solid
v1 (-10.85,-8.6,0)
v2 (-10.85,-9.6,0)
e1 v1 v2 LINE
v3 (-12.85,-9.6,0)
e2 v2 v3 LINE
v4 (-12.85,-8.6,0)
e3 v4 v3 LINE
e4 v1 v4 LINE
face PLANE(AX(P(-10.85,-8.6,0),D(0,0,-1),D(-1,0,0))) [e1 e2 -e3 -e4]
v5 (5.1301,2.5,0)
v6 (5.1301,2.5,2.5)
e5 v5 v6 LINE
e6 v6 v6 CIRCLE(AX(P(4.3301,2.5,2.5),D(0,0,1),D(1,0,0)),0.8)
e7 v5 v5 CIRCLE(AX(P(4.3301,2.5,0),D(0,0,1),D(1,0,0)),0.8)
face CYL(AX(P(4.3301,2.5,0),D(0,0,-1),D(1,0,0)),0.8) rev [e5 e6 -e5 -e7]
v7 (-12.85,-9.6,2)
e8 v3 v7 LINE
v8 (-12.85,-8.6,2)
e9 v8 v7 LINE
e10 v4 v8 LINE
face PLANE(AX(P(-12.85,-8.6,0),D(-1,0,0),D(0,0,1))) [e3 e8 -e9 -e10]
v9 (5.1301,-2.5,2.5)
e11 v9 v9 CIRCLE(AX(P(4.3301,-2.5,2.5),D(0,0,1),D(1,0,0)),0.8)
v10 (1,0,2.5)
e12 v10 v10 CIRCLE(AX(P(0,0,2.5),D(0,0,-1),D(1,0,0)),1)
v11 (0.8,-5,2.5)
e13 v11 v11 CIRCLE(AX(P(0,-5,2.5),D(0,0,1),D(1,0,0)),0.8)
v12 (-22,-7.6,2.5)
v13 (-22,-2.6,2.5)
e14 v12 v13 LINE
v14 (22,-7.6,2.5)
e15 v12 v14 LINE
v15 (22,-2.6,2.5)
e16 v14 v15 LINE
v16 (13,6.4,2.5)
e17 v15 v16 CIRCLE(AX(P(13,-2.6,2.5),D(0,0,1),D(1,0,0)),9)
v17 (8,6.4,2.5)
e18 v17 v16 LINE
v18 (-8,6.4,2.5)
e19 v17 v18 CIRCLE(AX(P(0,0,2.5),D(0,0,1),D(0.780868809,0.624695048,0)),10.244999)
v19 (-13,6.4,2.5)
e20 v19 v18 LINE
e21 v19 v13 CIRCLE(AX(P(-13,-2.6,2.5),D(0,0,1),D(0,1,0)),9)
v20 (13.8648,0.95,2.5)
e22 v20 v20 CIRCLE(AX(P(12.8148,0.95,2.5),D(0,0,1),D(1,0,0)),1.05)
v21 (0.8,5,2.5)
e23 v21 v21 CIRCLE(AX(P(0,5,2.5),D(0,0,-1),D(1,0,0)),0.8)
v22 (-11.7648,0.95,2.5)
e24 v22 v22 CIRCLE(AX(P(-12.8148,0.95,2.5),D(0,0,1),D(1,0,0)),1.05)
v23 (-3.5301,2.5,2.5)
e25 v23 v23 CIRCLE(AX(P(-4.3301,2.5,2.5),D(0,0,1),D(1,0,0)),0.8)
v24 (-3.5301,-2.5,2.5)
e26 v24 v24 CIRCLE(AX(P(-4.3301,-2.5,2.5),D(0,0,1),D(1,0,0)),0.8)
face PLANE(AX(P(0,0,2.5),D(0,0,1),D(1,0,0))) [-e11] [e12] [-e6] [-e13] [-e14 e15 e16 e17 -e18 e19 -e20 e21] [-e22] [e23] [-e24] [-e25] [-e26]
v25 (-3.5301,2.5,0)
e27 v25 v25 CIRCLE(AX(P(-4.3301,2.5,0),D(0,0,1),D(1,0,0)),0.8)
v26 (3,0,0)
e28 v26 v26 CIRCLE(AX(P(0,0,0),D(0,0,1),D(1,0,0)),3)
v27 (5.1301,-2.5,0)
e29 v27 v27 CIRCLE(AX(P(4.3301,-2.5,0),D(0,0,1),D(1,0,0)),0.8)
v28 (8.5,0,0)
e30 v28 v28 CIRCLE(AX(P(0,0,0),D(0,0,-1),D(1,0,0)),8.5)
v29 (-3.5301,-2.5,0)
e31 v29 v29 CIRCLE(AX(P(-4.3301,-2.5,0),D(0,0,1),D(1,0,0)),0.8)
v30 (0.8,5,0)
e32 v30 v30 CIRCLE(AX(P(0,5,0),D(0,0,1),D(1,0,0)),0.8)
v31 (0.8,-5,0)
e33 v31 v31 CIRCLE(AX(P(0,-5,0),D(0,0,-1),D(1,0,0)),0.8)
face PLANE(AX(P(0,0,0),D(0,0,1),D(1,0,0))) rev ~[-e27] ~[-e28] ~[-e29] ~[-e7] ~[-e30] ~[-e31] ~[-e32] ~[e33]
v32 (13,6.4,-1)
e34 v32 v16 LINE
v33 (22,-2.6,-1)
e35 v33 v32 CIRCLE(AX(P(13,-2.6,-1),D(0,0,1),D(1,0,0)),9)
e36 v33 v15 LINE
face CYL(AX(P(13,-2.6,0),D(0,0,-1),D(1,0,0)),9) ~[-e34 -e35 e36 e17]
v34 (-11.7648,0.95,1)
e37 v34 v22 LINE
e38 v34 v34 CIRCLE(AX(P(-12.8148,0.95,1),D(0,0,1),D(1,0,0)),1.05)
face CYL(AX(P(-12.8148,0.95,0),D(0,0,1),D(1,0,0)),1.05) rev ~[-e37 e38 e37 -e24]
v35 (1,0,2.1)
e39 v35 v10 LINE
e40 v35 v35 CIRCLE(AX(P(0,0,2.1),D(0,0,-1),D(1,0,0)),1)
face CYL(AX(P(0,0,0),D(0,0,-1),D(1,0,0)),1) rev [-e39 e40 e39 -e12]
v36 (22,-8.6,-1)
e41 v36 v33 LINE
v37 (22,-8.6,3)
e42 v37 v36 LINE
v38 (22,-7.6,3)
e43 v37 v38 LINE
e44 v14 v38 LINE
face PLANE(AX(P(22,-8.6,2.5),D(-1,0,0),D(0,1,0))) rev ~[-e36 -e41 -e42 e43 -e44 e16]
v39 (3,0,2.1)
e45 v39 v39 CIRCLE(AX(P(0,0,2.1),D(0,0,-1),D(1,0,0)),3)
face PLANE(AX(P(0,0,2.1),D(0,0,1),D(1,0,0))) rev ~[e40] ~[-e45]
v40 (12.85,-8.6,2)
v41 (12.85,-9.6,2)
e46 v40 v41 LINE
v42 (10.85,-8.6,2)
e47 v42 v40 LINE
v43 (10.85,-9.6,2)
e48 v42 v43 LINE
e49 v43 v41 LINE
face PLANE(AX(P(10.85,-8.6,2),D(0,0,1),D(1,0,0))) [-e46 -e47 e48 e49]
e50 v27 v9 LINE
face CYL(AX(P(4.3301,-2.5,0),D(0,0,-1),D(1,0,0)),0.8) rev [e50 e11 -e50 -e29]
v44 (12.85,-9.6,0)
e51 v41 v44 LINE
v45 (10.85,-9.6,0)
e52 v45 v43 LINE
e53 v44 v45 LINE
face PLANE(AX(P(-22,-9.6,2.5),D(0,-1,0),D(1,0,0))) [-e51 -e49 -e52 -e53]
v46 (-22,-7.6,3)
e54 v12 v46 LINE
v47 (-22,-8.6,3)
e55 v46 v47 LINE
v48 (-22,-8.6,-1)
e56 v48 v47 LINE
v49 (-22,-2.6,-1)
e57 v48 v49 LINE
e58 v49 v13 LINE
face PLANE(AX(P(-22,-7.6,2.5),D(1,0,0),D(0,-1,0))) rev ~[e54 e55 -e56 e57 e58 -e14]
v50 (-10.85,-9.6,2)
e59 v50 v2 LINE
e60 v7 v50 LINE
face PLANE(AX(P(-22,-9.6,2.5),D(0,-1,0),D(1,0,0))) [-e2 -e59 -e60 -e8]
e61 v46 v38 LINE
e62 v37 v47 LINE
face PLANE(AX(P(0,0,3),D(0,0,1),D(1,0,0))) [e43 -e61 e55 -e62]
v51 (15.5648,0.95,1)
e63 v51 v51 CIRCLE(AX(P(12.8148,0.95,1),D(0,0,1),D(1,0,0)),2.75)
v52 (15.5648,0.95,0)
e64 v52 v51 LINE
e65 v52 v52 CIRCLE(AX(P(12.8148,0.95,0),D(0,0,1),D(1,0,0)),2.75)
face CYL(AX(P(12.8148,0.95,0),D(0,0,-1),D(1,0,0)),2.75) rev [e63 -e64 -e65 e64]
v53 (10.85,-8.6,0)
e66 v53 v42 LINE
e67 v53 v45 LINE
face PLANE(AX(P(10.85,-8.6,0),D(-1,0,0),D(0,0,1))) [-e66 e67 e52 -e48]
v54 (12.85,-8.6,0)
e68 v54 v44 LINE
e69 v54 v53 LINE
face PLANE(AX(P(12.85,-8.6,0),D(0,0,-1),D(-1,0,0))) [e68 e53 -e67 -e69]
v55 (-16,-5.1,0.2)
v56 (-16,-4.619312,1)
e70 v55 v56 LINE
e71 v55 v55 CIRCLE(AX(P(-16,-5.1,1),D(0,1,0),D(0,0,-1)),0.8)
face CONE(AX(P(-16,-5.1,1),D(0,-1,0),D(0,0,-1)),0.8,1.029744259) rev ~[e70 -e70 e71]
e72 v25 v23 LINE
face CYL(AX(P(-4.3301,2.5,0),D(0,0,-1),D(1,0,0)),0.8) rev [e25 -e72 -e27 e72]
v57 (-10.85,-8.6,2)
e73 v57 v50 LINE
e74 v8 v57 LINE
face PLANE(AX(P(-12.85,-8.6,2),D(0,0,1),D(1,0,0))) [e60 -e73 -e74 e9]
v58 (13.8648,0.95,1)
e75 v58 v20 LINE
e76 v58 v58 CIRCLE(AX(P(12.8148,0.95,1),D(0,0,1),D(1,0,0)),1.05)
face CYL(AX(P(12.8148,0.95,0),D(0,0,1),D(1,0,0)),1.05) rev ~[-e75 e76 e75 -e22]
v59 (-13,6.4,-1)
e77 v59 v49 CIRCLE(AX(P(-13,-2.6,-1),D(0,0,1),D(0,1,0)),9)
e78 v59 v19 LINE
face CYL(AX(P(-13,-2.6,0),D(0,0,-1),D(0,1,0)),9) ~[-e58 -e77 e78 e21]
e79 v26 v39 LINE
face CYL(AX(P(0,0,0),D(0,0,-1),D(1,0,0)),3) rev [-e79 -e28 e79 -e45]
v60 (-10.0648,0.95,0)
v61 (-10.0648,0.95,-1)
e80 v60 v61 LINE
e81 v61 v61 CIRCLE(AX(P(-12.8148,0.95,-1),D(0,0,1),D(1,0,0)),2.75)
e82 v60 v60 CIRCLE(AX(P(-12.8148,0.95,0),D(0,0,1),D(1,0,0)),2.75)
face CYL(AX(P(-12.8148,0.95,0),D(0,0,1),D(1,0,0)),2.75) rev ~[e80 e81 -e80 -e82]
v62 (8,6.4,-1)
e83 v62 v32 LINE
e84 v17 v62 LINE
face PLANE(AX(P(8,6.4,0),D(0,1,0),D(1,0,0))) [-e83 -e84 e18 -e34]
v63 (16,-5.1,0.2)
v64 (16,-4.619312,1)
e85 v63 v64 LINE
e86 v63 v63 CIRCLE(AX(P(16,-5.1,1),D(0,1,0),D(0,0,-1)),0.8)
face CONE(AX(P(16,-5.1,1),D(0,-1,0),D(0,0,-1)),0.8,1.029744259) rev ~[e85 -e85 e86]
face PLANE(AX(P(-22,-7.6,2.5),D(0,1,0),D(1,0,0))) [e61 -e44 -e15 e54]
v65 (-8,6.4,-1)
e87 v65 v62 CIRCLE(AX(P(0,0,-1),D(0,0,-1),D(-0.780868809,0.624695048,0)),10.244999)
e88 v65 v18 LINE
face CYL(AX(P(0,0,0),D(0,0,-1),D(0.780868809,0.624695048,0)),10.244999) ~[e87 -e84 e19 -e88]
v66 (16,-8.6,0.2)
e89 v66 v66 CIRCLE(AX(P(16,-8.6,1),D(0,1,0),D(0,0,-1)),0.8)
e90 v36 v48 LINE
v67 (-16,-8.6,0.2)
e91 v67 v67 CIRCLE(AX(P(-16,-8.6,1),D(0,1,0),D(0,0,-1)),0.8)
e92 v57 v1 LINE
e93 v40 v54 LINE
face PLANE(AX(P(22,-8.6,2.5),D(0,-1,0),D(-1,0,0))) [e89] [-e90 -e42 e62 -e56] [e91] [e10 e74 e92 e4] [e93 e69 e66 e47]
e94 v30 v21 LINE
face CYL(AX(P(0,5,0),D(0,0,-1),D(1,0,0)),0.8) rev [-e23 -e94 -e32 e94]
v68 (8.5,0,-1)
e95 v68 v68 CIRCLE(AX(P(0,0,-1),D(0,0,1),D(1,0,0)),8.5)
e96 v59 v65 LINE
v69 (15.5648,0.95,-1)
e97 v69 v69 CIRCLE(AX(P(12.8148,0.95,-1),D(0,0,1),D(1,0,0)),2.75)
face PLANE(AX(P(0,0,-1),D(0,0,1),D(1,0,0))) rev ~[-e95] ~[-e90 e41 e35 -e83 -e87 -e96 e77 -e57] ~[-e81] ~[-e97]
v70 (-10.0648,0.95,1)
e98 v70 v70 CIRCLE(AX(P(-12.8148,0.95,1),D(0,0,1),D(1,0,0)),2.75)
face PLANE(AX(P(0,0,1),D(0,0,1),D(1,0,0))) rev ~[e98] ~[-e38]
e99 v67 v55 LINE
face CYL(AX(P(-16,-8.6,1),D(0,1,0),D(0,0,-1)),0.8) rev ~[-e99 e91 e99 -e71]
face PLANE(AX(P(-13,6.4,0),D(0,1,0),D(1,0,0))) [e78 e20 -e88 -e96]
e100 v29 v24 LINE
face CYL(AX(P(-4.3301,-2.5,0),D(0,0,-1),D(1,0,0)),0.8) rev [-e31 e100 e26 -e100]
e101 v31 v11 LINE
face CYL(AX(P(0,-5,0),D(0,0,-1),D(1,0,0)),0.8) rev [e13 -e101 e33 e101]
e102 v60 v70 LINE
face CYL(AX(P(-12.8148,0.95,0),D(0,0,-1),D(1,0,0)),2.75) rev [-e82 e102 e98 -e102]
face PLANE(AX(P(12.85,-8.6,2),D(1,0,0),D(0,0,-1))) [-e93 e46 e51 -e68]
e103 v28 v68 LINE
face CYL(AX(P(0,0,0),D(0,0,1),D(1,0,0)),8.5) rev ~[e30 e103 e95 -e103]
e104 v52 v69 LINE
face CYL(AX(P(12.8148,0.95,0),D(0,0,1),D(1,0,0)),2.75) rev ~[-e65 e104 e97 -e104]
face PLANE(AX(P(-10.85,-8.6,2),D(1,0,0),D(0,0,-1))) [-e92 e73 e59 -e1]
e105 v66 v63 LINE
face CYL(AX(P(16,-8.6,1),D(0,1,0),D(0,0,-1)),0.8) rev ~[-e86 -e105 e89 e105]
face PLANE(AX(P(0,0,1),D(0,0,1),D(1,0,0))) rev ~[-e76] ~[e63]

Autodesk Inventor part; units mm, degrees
ref_plane "YZ Plane" through (0, 0, 0) normal (1, 0, 0) x (0, 1, 0)
ref_plane "XZ Plane" through (0, 0, 0) normal (0, 1, 0) x (-1, 0, 0)
ref_plane "XY Plane" through (0, 0, 0) normal (0, 0, 1) x (1, 0, 0)
sketch "構築線" plane through (0, 0, 0) normal (0, 0, 1) x (1, 0, 0)
  circle A0 centre (0, 0) radius 8.5
  circle A1 centre (0, 0) radius 2.8 construction
  circle A2 centre (0, 0) radius 5 construction
  line L0 (0, -8.6) -> (-25, -8.6) construction
  line L1 (0, -11.6) -> (-25, -11.6) construction
  circle A3 centre (-12.8148, 0.95) radius 10.05 construction
  circle A4 centre (-12.8148, 0.95) radius 12.55 construction
  circle A5 centre (0, 5) radius 0.8
  circle A6 centre (-4.3301, 2.5) radius 0.8
  circle A7 centre (-4.3301, -2.5) radius 0.8
  circle A8 centre (0, -5) radius 0.8
  circle A9 centre (4.3301, -2.5) radius 0.8
  circle A10 centre (4.3301, 2.5) radius 0.8
  line L2 (25, -8.6) -> (0, -8.6) construction
  circle A11 centre (12.8148, 0.95) radius 10.05 construction
  circle A12 centre (12.8148, 0.95) radius 12.55 construction
  line L3 (0, -11.6) -> (25, -11.6) construction
  line L4 (-22, -8.6) -> (-22, -2.6)
  arc A13 (-13, 6.4) -> (-22, -2.6) centre (-13, -2.6) ccw
  line L5 (-13, 6.4) -> (-8, 6.4)
  line L6 (-22, -8.6) -> (0, -8.6)
  line L7 (0, 25) -> (0, -25)
  line L8 (0, -8.6) -> (22, -8.6)
  line L9 (22, -8.6) -> (22, -2.6)
  arc A14 (8, 6.4) -> (-8, 6.4) centre (0, 0) ccw
  line L10 (8, 6.4) -> (13, 6.4)
  arc A15 (22, -2.6) -> (13, 6.4) centre (13, -2.6) ccw
  circle A16 centre (0, 0) radius 3
  circle A17 centre (0, 0) radius 1
  circle A18 centre (12.8148, 0.95) radius 1.05
  circle A19 centre (-12.8148, 0.95) radius 1.05
  circle A20 centre (12.8148, 0.95) radius 2.75
  circle A21 centre (-12.8148, 0.95) radius 2.75
  dimension "d0" = 17
  dimension "d1" = 5.6
  dimension "d2" = 10
  dimension "d12" = 25
  dimension "d13" = 8.6
  dimension "d14" = 0
  dimension "d17" = 0
  dimension "d18" = 25
  dimension "d19" = 3
  dimension "d22" = 20.1
  dimension "d23" = 25.1
  dimension "d29" = 1.6
  dimension "d30" = 0
  dimension "d31" = 5
  dimension "d34" = 360
  dimension "d38" = 25
  dimension "d41" = 20.1
  dimension "d42" = 25.1
  dimension "d43" = 25
  dimension "d46" = 22
  dimension "d47" = 6
  dimension "d48" = 5
  dimension "d49" = 50
  dimension "d50" = 25
  dimension "d51" = 25
  dimension "d52" = 22
  dimension "d53" = 6
  dimension "d56" = 15
  dimension "d57" = 15
  dimension "d58" = 6
  dimension "d59" = 2
  dimension "d99" = 2.1
  dimension "d100" = 2.1
  dimension "d105" = 5.5
  dimension "d106" = 5.5
extrude "外形作成" add sketch "構築線" along normal blind 2.5 and the other way blind 1 contours A0 L7 A8 A16 A5 | A0 L7 A14 L10 A15 L9 L8 | L7 A5 A16 A8 A0 | A0 L7 L6 L4 A13 L5 A14 | A16 L7 A17 | L7 A17 A16 | A18 | A19 | A20 | A21
extrude "押し出し4" cut sketch "構築線" against normal blind 1 contours A0 L7 A8 A16 A5 | L7 A5 A16 A8 A0 | A16 L7 A17 | L7 A17 A16
sketch "固定具" plane through (-22, -8.6, 2.5) normal (0, -1, 0) x (1, 0, 0)
  circle A0 centre (6, -1.5) radius 1.05
  line L0 (0, 0) -> (0, -3.5) projected
  line L1 (0, 0) -> (44, 0) projected
  circle A1 centre (38, -1.5) radius 1.05
  line L2 (9.15, -0.5) -> (11.15, -0.5)
  line L3 (11.15, -0.5) -> (11.15, -2.5)
  line L4 (11.15, -2.5) -> (9.15, -2.5)
  line L5 (9.15, -2.5) -> (9.15, -0.5)
  line L6 (44, -3.5) -> (0, -3.5) projected
  line L7 (32.85, -0.5) -> (34.85, -0.5)
  line L8 (34.85, -0.5) -> (34.85, -2.5)
  line L9 (34.85, -2.5) -> (32.85, -2.5)
  line L10 (32.85, -2.5) -> (32.85, -0.5)
  point P0 (22, -2.5)
  dimension "d66" = 2.1
  dimension "d67" = 6
  dimension "d68" = 1.5
  dimension "d69" = 2.1
  dimension "d70" = 32
  dimension "d71" = 1.5
  dimension "d115" = 2
  dimension "d116" = 2
  dimension "d117" = 2.1
  dimension "d118" = 1
  dimension "d119" = 2
  dimension "d120" = 2
  dimension "d121" = 2.1
  dimension "d122" = 1
hole "穴1" at (16, -8.6, 1) direction (0, 1, 0) diameter 1.6 depth 3.5 tip angle 118
hole "穴2" at (-16, -8.6, 1) direction (0, 1, 0) diameter 1.6 depth 3.5 tip angle 118
extrude "押し出し5" cut sketch "構築線" along normal blind 2.1 contours A16 L7 A17 | L7 A17 A16
sketch "スケッチ6" plane through (0, 0, 2.5) normal (0, 0, 1) x (1, 0, 0)
  circle A0 centre (0, 0) radius 1 projected
  circle A1 centre (4.3301, 2.5) radius 0.8 projected
  circle A2 centre (4.3301, -2.5) radius 0.8 projected
  circle A3 centre (0, -5) radius 0.8 projected
  circle A4 centre (-4.3301, -2.5) radius 0.8 projected
  circle A5 centre (-4.3301, 2.5) radius 0.8 projected
  circle A6 centre (0, 5) radius 0.8 projected
  line L0 (-22, -8.6) -> (22, -8.6) construction
  line L1 (22, -8.6) -> (22, -2.6) construction
  arc A7 (22, -2.6) -> (13, 6.4) centre (13, -2.6) ccw construction
  line L2 (13, 6.4) -> (8, 6.4) construction
  arc A8 (8, 6.4) -> (-8, 6.4) centre (0, 0) ccw construction
  line L3 (-8, 6.4) -> (-13, 6.4) construction
  arc A9 (-13, 6.4) -> (-22, -2.6) centre (-13, -2.6) ccw construction
  line L4 (-22, -2.6) -> (-22, -8.6) construction
  line L5 (-22, -7.6) -> (22, -7.6)
  line L6 (-22, -2.6) -> (-22, -8.6) projected
  line L7 (-22, -7.6) -> (-22, -8.6)
  line L8 (22, -8.6) -> (-22, -8.6) projected
  line L9 (22, -8.6) -> (22, -7.6)
  dimension "d95" = 44
  dimension "d96" = 1
extrude "押し出し6" add sketch "スケッチ6" along normal blind 0.5 contours L5 L9 L8 L6
extrude "押し出し7" cut sketch "構築線" against normal blind 1 and the other way blind 3 contours A18 | A19
extrude "押し出し8" cut sketch "構築線" along normal blind 1 and the other way blind 1 contours A20
extrude "押し出し9" cut sketch "構築線" along normal blind 1 and the other way blind 1 contours A21
extrude "押し出し10" add sketch "固定具" along normal blind 1 contours L2 L3 L4 L5 | L7 L8 L9 L10
equation "\"d18\" = d12"
properties part number "mount2"
